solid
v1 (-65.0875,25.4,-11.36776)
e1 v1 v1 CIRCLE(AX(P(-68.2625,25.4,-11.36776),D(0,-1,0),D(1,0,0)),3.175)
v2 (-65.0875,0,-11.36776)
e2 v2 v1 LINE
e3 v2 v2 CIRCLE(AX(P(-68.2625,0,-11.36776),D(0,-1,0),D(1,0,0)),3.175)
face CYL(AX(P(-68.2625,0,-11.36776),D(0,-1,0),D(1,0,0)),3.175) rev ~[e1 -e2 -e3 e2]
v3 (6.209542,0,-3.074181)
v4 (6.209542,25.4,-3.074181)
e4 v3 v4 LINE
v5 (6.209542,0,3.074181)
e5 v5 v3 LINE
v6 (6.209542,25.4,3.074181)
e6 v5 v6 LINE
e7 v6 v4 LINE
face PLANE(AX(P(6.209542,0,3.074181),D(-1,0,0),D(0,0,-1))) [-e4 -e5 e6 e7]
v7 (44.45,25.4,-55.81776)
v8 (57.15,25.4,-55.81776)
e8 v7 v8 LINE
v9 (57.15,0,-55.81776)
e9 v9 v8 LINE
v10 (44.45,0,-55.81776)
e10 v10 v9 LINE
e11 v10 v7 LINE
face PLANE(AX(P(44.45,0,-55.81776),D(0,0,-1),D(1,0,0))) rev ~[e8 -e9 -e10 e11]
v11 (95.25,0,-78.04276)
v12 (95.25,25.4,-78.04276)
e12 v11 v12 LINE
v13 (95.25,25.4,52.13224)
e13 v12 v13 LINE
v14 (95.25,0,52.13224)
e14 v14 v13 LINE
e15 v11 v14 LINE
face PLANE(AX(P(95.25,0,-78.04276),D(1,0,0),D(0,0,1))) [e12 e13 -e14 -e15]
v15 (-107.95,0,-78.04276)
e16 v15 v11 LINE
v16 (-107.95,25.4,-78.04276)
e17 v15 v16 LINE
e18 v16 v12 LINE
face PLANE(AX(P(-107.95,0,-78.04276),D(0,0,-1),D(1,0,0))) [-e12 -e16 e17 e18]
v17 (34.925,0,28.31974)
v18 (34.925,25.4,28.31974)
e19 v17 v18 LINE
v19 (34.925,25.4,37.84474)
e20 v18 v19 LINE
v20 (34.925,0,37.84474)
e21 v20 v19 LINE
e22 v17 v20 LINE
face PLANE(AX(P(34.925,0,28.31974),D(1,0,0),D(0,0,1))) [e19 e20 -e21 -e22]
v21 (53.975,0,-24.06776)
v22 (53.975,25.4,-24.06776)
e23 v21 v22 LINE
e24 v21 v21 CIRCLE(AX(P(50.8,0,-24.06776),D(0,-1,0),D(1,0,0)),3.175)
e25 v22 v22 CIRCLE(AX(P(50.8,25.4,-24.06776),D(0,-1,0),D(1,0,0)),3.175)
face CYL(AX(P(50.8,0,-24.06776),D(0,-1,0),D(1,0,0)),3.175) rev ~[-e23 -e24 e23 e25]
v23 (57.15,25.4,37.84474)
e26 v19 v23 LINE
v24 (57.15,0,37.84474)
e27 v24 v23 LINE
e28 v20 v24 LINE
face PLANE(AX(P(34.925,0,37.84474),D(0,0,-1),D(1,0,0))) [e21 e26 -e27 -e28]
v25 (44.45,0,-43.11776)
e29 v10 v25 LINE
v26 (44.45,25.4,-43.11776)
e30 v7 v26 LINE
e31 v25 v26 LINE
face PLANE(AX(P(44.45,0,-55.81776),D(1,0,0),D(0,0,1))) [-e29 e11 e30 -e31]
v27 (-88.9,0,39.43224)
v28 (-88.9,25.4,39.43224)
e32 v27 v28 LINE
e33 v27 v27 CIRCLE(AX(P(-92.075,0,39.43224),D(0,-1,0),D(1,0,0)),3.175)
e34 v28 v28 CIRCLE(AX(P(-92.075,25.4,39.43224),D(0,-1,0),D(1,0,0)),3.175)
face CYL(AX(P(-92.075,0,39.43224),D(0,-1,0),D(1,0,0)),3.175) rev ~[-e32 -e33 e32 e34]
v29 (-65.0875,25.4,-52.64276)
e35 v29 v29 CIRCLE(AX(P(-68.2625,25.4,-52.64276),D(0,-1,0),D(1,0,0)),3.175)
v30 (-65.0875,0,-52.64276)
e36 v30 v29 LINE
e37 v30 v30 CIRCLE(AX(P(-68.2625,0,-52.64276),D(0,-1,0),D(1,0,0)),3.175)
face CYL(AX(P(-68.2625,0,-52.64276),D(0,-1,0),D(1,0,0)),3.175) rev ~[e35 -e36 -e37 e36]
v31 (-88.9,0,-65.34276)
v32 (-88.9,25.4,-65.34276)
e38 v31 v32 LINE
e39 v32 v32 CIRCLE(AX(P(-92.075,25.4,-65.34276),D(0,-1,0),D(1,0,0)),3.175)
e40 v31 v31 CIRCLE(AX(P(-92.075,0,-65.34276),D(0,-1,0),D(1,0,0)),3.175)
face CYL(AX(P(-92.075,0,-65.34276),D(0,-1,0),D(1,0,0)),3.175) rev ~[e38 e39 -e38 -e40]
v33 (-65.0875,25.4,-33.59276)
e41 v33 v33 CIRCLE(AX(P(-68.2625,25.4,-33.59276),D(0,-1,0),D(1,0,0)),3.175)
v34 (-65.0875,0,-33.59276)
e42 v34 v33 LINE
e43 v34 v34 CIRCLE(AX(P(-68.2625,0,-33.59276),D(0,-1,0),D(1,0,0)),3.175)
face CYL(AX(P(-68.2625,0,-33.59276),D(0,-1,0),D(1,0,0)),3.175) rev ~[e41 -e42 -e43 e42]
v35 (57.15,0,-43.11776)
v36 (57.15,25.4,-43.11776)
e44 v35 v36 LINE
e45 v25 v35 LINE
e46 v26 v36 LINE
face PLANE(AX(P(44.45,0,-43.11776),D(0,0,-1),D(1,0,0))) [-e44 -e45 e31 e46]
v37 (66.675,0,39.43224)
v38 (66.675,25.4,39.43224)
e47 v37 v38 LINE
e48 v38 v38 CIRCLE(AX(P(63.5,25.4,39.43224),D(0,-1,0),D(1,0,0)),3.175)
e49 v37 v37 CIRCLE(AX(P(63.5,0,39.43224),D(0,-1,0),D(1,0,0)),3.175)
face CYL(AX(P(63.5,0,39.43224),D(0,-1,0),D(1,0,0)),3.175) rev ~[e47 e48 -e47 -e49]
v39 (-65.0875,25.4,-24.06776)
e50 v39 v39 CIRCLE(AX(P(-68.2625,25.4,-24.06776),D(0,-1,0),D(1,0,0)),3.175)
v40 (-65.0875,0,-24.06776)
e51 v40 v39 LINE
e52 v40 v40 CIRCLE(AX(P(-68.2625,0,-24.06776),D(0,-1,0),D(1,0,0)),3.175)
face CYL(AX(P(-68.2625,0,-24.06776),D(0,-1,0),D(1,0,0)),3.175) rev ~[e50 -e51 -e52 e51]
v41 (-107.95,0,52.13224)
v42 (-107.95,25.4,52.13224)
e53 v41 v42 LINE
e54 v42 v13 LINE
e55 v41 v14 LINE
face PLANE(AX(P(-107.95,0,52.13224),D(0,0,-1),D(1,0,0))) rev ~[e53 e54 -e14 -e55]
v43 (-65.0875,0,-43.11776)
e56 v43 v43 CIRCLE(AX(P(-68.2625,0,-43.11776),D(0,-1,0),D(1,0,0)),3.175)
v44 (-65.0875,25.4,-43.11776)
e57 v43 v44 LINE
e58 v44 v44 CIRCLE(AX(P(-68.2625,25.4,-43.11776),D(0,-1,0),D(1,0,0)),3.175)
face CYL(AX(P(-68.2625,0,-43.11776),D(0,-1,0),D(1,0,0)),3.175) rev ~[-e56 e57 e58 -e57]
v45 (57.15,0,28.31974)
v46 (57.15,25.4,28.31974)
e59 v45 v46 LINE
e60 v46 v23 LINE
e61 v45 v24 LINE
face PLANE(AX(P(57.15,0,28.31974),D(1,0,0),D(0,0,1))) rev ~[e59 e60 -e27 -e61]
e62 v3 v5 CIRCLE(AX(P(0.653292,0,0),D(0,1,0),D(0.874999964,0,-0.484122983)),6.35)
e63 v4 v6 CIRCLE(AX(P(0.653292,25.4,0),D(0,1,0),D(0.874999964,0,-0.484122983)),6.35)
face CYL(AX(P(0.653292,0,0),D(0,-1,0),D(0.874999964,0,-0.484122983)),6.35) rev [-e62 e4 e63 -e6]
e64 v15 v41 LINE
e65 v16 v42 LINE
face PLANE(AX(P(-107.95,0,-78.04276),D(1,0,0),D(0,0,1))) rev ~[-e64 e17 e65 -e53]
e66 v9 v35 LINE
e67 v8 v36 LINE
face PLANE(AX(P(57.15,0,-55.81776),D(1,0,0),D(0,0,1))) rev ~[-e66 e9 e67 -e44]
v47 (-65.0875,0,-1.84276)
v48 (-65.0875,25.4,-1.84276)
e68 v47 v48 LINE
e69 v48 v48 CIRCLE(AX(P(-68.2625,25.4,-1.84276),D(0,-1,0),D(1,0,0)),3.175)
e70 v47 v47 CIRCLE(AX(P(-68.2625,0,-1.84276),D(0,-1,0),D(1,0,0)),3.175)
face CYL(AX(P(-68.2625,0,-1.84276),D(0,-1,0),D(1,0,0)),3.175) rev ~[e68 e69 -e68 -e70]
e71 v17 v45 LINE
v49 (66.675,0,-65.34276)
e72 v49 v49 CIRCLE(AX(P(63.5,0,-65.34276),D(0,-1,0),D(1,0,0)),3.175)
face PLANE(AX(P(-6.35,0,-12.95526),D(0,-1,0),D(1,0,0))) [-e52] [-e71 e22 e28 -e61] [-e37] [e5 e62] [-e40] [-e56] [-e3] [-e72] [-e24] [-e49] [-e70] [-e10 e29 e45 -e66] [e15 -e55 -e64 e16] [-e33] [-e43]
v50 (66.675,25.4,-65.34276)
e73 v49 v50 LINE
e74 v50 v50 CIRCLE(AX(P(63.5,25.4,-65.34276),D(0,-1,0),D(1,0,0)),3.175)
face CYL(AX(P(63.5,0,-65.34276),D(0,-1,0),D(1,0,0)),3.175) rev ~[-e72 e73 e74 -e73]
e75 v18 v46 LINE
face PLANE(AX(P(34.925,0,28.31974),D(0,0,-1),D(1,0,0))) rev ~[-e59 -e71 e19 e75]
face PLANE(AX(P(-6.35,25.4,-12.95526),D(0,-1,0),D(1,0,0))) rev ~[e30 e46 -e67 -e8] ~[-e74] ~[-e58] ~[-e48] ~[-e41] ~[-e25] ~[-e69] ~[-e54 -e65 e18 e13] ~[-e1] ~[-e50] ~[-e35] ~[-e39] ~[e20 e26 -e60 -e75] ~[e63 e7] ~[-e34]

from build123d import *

# Parameters (mm, degrees)
F0_W     = 203.2
F0_H     = 130.175
F0_R     = 3.175
F0_W_2   = 12.7
F0_H_2   = 12.7
F0_W_3   = 22.225
F0_H_3   = 9.525
F1_DEPTH = 25.4


with BuildPart() as f1:
    # F0 (on Front) → F1 (new body)
    with BuildSketch(Plane.XZ):
        with Locations((-6.35, -12.95526)):
            Rectangle(F0_W, F0_H)
        with Locations((-92.075, -65.34276)):
            Circle(F0_R, mode=Mode.SUBTRACT)
        with Locations((-68.2625, -52.64276)):
            Circle(F0_R, mode=Mode.SUBTRACT)
        with Locations((-68.2625, -43.11776)):
            Circle(F0_R, mode=Mode.SUBTRACT)
        with Locations((-68.2625, -33.59276)):
            Circle(F0_R, mode=Mode.SUBTRACT)
        with Locations((-68.2625, -24.06776)):
            Circle(F0_R, mode=Mode.SUBTRACT)
        with Locations((63.5, -65.34276)):
            Circle(F0_R, mode=Mode.SUBTRACT)
        with Locations((50.8, -49.46776)):
            Rectangle(F0_W_2, F0_H_2, mode=Mode.SUBTRACT)
        with Locations((50.8, -24.06776)):
            Circle(F0_R, mode=Mode.SUBTRACT)
        with Locations((-68.2625, -11.36776)):
            Circle(F0_R, mode=Mode.SUBTRACT)
        with Locations((-68.2625, -1.84276)):
            Circle(F0_R, mode=Mode.SUBTRACT)
        with Locations((-92.075, 39.43224)):
            Circle(F0_R, mode=Mode.SUBTRACT)
        with BuildLine():
            ThreePointArc((6.209542, -3.074181), (-5.696708, 0), (6.209542, 3.074181))
            Line((6.209542, 3.074181), (6.209542, -3.074181))
        make_face(mode=Mode.SUBTRACT)
        with Locations((46.0375, 33.08224)):
            Rectangle(F0_W_3, F0_H_3, mode=Mode.SUBTRACT)
        with Locations((63.5, 39.43224)):
            Circle(F0_R, mode=Mode.SUBTRACT)
    extrude(amount=-F1_DEPTH)


solid = f1.part
